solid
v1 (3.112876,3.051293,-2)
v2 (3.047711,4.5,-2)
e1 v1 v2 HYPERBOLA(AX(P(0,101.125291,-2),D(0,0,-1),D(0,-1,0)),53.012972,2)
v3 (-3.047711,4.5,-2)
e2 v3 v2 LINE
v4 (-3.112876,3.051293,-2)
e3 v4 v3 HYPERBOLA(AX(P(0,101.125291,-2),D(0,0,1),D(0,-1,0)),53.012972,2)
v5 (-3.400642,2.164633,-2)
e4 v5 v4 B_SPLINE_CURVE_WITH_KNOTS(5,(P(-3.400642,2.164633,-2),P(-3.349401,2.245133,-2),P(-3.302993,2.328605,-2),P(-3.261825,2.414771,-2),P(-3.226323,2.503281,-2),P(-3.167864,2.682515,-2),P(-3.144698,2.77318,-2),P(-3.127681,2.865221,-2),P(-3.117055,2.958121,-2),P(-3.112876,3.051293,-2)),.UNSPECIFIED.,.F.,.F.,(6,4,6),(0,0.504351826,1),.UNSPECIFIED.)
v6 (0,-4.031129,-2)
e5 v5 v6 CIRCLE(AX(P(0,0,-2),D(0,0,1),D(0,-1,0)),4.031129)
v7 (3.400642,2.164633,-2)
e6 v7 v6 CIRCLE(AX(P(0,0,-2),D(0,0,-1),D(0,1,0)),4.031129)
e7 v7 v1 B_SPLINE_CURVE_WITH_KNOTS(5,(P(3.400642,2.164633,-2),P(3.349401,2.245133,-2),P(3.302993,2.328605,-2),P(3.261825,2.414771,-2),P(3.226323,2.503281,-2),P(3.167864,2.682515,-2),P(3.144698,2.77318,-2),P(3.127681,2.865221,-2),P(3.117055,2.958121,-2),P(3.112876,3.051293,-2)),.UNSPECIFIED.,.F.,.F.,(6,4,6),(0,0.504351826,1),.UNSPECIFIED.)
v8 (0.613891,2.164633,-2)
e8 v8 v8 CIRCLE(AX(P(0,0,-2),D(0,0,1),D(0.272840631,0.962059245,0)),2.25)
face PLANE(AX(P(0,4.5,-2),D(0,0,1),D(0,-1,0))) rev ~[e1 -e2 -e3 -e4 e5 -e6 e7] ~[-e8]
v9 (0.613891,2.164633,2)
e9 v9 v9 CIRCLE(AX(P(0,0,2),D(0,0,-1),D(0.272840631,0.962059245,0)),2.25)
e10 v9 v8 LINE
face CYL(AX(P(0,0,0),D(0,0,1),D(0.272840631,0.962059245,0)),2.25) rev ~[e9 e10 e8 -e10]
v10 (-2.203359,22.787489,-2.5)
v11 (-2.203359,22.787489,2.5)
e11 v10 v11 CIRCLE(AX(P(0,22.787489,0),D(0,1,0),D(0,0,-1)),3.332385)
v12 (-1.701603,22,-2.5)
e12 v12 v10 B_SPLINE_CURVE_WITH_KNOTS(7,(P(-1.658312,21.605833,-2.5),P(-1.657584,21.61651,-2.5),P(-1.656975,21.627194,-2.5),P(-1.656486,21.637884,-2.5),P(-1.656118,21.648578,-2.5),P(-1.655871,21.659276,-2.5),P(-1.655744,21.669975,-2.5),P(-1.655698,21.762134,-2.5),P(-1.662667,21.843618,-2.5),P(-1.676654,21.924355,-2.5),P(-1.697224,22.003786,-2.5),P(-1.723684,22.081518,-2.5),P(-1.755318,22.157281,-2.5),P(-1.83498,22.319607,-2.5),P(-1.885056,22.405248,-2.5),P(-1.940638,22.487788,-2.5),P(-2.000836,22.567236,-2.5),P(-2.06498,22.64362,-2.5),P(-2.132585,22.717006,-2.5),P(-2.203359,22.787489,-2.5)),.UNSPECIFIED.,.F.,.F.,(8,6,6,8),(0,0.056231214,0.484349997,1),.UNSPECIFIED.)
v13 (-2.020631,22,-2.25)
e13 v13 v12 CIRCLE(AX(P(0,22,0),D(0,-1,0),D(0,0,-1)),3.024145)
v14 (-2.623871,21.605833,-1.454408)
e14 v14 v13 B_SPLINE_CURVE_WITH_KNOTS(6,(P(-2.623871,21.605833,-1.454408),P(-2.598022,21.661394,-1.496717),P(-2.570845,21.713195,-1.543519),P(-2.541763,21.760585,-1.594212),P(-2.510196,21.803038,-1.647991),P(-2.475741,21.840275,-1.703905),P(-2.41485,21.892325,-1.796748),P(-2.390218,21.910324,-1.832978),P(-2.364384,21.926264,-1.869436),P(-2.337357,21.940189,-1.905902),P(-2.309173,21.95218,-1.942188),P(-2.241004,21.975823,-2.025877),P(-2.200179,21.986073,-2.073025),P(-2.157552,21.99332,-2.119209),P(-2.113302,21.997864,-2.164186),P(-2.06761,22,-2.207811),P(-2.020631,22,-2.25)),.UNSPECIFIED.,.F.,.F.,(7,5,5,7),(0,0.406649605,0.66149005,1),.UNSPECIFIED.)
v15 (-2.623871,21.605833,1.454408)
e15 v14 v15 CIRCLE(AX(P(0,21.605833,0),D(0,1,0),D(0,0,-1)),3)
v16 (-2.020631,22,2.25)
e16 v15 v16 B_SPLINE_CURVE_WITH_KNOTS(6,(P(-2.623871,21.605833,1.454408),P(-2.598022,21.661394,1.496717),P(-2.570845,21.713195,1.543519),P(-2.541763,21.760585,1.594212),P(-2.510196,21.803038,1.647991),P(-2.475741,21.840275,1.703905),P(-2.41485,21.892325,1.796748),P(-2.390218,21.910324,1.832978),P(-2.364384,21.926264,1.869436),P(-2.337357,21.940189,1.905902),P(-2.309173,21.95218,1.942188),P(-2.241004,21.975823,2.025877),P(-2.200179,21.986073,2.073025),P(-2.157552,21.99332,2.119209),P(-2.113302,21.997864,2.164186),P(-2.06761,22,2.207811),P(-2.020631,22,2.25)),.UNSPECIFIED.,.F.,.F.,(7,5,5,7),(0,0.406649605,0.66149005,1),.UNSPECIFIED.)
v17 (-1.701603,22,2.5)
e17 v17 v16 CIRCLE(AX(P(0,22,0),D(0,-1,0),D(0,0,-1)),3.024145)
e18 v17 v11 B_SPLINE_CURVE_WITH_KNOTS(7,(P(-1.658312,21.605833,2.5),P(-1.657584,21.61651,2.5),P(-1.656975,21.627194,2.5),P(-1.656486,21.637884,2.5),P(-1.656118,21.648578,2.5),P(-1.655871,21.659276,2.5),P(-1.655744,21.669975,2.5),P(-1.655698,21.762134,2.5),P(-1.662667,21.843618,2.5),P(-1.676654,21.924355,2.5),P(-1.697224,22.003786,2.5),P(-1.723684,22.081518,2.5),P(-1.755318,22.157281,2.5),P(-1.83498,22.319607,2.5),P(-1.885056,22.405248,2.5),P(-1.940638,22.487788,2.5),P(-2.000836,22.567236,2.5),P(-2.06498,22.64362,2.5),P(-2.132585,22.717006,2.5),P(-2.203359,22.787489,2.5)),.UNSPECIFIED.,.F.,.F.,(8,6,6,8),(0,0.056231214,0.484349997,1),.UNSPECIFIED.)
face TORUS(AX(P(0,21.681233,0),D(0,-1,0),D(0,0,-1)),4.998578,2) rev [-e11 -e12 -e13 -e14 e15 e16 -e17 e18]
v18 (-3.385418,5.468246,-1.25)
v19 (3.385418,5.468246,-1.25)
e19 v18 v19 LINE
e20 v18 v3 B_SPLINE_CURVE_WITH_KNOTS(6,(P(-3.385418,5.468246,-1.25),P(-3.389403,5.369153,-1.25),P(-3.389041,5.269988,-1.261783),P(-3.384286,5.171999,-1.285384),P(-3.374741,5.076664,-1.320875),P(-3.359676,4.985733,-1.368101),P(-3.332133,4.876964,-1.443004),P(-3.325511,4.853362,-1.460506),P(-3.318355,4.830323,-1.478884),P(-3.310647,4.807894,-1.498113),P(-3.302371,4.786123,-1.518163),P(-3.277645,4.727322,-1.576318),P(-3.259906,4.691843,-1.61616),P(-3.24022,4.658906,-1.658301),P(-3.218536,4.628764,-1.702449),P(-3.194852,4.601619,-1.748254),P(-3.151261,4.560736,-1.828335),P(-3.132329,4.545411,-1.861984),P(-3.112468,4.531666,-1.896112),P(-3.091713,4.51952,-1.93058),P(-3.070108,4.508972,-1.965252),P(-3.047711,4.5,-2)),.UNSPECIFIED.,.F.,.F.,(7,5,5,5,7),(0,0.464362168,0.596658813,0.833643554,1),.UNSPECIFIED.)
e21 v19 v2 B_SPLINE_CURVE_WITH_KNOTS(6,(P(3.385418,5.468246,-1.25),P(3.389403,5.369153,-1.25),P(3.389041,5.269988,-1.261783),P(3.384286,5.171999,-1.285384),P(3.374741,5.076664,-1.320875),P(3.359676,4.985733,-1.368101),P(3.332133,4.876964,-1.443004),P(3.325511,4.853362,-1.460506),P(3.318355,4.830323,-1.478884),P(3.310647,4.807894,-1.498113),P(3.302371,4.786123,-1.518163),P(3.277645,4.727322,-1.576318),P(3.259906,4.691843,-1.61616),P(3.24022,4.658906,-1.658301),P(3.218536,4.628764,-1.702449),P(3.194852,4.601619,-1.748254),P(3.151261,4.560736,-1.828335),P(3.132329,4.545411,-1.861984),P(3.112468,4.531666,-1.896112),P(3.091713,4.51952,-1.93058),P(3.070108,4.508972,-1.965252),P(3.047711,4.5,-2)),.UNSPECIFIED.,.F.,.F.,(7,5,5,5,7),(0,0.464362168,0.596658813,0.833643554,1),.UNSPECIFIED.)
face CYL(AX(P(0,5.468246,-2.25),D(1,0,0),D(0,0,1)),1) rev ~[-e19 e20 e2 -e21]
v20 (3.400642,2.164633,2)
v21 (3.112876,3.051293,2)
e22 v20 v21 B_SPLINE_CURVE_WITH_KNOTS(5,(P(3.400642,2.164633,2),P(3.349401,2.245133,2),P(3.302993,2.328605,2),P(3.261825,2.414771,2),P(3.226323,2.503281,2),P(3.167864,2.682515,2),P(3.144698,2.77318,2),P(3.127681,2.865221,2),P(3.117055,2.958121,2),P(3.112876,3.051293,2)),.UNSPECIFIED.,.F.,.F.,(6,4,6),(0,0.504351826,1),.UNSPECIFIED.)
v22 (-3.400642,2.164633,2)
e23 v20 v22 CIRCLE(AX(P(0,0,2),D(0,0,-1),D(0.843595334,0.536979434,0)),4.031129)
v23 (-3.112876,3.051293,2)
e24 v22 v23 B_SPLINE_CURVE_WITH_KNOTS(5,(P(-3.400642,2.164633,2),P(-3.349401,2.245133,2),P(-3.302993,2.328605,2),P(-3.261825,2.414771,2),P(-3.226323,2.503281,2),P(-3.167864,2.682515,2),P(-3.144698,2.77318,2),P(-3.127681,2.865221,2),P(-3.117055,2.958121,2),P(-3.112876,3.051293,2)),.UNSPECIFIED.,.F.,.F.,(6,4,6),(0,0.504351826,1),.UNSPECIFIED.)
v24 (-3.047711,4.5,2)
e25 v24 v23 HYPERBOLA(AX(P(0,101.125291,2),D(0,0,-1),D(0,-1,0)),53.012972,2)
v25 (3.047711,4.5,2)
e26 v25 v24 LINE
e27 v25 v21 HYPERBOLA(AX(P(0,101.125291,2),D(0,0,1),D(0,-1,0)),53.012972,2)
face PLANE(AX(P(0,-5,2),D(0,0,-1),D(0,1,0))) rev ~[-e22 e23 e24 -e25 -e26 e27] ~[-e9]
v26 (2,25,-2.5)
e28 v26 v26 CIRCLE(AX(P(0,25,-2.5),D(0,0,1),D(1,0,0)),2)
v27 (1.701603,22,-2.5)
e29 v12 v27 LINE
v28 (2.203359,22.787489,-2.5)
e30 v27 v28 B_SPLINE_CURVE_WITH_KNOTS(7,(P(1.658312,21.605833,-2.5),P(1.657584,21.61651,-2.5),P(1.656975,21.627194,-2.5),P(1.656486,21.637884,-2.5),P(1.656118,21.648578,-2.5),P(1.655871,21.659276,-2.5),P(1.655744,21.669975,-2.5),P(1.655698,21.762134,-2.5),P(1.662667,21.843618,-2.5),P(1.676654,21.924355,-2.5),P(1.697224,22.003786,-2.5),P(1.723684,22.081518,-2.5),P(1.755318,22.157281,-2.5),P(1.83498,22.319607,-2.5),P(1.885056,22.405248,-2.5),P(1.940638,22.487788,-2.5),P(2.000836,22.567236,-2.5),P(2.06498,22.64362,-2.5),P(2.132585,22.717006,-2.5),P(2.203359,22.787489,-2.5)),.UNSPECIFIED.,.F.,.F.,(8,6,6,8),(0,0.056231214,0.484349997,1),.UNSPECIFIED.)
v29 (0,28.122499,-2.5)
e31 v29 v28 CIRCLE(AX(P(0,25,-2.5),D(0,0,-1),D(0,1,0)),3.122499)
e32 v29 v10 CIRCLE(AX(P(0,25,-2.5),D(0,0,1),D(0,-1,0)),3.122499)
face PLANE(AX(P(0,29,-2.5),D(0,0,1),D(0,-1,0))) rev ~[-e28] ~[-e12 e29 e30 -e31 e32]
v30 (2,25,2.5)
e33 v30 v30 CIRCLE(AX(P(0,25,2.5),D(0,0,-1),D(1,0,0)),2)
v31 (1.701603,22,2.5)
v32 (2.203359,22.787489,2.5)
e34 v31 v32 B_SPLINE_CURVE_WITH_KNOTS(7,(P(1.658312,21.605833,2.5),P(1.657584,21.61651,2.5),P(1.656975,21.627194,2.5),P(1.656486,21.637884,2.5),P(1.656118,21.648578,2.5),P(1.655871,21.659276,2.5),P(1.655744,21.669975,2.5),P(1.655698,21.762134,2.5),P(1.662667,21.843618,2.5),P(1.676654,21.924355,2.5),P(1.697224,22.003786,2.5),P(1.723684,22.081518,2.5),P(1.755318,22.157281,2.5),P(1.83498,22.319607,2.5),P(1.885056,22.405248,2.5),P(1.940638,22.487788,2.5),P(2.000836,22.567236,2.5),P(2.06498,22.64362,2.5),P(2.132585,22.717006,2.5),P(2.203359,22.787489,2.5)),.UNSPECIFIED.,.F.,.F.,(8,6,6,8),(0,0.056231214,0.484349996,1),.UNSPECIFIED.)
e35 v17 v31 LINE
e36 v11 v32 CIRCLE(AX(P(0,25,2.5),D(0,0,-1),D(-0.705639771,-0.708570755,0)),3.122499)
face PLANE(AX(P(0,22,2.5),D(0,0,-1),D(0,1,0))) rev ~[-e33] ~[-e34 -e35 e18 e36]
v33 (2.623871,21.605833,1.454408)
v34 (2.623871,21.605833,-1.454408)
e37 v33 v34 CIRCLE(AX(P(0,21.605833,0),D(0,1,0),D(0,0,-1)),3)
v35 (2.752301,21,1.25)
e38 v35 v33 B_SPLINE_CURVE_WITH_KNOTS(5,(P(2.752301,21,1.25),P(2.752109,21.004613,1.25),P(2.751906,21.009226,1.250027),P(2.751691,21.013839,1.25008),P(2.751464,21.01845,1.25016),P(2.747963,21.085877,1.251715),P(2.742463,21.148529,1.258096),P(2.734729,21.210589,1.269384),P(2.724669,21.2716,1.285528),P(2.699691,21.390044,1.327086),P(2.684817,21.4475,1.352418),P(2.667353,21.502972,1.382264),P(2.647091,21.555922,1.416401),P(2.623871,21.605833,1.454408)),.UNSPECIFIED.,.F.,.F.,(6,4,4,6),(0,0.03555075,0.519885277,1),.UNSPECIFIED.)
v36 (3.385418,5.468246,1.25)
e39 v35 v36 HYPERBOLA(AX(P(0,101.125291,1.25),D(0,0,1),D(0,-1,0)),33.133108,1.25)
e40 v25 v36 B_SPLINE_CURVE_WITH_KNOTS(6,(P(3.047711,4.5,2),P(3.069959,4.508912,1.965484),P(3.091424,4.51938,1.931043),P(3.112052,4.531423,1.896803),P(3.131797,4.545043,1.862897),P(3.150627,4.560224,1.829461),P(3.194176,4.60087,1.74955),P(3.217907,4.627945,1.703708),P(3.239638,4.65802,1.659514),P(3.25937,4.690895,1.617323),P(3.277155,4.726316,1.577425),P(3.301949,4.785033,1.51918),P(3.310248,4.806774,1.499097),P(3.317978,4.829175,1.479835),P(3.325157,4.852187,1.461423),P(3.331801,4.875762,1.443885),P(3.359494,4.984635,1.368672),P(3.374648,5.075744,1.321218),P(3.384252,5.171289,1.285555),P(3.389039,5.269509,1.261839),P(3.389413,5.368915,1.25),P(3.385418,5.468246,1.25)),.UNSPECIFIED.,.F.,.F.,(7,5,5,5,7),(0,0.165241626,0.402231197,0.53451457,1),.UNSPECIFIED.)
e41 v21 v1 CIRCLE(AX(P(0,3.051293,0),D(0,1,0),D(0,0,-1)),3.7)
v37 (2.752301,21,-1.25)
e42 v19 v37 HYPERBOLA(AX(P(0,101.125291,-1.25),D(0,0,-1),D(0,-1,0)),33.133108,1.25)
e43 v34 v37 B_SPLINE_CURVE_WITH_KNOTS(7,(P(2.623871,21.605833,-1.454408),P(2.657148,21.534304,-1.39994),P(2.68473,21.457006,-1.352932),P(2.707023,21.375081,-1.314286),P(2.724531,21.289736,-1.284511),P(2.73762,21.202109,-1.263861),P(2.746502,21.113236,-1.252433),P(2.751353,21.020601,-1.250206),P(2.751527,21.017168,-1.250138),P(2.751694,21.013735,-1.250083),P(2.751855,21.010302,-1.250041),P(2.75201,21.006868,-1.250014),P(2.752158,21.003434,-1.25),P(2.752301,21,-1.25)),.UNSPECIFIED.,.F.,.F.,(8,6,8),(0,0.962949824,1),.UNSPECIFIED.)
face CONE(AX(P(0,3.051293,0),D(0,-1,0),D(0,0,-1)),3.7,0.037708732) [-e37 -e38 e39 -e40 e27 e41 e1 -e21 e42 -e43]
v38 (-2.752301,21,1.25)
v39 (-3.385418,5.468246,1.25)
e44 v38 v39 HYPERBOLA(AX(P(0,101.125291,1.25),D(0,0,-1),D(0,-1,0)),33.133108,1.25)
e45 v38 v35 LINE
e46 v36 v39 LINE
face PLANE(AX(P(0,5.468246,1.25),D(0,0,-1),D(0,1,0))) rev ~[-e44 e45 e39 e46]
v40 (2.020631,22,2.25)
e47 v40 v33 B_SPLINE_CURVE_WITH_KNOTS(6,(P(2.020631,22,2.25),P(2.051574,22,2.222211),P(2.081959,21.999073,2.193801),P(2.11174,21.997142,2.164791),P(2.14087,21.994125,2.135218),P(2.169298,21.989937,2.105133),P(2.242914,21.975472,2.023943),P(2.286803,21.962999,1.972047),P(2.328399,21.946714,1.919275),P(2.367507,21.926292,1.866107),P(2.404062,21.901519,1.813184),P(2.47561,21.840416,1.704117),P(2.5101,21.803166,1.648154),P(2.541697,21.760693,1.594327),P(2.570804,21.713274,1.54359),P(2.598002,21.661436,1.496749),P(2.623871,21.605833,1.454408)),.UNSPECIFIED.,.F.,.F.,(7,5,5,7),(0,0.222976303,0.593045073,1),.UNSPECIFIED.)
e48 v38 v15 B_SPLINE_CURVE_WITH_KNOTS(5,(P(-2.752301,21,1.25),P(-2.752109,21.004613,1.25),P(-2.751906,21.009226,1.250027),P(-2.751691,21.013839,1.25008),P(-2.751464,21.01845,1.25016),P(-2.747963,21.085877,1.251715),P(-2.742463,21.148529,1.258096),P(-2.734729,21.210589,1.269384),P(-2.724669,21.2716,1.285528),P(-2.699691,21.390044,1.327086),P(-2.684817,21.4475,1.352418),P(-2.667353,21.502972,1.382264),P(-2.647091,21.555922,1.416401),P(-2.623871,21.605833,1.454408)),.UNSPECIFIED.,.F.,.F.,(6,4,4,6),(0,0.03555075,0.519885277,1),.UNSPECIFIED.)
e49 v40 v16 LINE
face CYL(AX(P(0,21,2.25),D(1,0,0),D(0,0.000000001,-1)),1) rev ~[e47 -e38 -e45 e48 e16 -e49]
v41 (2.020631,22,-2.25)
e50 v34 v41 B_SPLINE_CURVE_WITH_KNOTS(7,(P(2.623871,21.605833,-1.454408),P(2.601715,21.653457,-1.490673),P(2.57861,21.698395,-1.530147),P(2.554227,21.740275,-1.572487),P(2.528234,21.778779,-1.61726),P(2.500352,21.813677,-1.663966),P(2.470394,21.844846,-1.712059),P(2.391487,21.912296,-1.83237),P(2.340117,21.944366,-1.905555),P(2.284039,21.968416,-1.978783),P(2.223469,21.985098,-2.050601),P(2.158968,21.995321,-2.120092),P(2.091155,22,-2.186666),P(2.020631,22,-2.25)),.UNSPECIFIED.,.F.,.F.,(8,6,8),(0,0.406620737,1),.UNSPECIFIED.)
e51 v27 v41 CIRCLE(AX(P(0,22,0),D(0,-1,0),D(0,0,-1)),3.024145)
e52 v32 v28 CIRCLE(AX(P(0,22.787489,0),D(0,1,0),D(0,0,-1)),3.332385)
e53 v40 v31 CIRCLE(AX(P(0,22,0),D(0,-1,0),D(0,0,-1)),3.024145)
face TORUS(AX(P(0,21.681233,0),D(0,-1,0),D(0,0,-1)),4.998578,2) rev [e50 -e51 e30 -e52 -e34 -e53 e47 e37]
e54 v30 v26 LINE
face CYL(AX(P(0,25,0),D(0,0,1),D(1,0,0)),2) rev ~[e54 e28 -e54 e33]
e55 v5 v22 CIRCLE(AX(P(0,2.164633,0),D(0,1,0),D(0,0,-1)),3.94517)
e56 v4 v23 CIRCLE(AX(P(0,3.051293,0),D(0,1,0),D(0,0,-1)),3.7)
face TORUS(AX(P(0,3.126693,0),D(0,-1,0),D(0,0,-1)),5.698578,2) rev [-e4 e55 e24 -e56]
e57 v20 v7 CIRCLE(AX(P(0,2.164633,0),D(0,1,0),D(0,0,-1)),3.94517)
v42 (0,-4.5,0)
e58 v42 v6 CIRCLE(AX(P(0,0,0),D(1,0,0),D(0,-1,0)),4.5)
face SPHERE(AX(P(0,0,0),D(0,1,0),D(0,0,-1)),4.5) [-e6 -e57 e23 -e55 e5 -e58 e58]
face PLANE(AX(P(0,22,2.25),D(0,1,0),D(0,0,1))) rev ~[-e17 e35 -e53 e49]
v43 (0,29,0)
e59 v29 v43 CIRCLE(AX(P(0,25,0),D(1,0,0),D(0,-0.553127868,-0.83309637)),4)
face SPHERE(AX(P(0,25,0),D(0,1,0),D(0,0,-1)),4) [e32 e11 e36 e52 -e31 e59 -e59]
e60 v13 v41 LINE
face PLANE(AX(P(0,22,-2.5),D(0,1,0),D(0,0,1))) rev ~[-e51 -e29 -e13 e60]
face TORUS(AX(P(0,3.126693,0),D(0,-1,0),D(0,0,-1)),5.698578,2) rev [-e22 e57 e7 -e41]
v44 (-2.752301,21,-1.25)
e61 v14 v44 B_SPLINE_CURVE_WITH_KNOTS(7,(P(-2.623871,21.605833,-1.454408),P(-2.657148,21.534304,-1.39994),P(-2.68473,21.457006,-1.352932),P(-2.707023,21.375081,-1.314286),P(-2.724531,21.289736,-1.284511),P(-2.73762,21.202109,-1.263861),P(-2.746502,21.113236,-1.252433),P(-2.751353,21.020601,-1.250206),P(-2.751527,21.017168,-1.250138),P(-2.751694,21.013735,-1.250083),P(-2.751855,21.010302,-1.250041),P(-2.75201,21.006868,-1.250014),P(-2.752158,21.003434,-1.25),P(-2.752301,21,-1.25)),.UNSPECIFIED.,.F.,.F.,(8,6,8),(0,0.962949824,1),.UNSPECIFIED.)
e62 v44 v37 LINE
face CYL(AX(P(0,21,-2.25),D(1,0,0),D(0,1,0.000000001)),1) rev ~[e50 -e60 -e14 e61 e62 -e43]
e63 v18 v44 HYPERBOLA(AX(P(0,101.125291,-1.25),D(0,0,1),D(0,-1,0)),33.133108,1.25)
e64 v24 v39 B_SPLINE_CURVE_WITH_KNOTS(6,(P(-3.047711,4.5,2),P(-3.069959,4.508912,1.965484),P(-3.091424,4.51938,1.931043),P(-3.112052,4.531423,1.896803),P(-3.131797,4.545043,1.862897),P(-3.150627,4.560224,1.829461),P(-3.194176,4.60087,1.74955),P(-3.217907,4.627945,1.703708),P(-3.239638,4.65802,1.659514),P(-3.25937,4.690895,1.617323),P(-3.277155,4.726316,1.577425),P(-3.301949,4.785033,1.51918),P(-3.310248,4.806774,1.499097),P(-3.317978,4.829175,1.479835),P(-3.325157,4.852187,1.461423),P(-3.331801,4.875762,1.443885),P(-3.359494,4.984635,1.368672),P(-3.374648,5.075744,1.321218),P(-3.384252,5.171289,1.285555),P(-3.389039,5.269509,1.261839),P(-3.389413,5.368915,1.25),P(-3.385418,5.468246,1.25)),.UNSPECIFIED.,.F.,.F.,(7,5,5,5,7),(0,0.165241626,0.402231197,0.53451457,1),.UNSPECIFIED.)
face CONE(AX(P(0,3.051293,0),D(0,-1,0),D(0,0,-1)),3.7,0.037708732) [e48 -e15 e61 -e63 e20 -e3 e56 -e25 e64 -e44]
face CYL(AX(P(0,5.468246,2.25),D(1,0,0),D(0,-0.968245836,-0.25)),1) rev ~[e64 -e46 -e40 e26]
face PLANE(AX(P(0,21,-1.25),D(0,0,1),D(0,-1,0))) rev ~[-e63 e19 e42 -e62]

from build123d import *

# Parameters (mm, degrees)
SKETCH2_R               = 2
SKETCH2_R_2             = 2.25
CUT_EXTRUDE1_DEPTH      = 5.5
CUT_EXTRUDE1_DEPTH_BACK = 5.5
SKETCH3_OUTSIDE_W       = 16.912
SKETCH3_OUTSIDE_H       = 42.61
CUT_EXTRUDE2_DEPTH      = 5.5
CUT_EXTRUDE2_DEPTH_BACK = 5.5


with BuildPart() as part:
    # Sketch1 → Revolve1 (revolve)
    with BuildSketch(Plane.XY, mode=Mode.PRIVATE) as revolve1_sk:
        with BuildLine():
            Line((0, 29), (0, -4.5))
            ThreePointArc((0, -4.5), (3.872392662, -2.292285993), (3.945169537, 2.1646333))
            ThreePointArc((3.945169537, 2.1646333), (3.770913113, 2.59367544), (3.7, 3.051292953))
            Line((3.7, 3.051292953), (3, 21.605833201))
            ThreePointArc((3, 21.605833201), (3.073295416, 22.222791768), (3.33238548, 22.787488528))
            ThreePointArc((3.33238548, 22.787488528), (3.524914601, 26.890760973), (0, 29))
        make_face()
    revolve(revolve1_sk.sketch.rotate(Axis((0, 0, 0), (0, 1, 0)), 90), axis=Axis((0, 0, 0), (0, 1, 0)))  # turned: the seam where the file's is

    # Sketch2 → Cut-Extrude1 (cut, two sides)
    with BuildSketch(Plane.XY) as cut_extrude1_sk:
        with Locations((0, 25)):
            Circle(SKETCH2_R)
        with Locations(Location((0, 0, 0), (0, 0, 74.166628888))):  # turned: the seam where the file's is
            Circle(SKETCH2_R_2)
    extrude(amount=CUT_EXTRUDE1_DEPTH, mode=Mode.SUBTRACT)
    extrude(cut_extrude1_sk.sketch, amount=-CUT_EXTRUDE1_DEPTH_BACK, mode=Mode.SUBTRACT)

    # Sketch3 outside → Cut-Extrude2 (cut, two sides)
    with BuildSketch(Plane(origin=(0, 0, 0), x_dir=(0, 0, -1), z_dir=(1, 0, 0))) as cut_extrude2_sk:
        with Locations((0, 12.25)):
            Rectangle(SKETCH3_OUTSIDE_W, SKETCH3_OUTSIDE_H)
        with BuildLine():
            Line((-2.5, 29), (2.5, 29))
            Line((2.5, 29), (2.5, 22))
            Line((2.5, 22), (2.25, 22))
            ThreePointArc((2.25, 22), (1.542893219, 21.707106781), (1.25, 21))
            Line((1.25, 21), (1.25, 5.468245837))
            ThreePointArc((1.25, 5.468245837), (1.459430585, 4.855873401), (2, 4.5))
            Line((2, 4.5), (2, -5))
            Line((2, -5), (-2, -5))
            Line((-2, -5), (-2, 4.5))
            ThreePointArc((-2, 4.5), (-1.459430585, 4.855873401), (-1.25, 5.468245837))
            Line((-1.25, 5.468245837), (-1.25, 21))
            ThreePointArc((-1.25, 21), (-1.542893219, 21.707106781), (-2.25, 22))
            Line((-2.25, 22), (-2.5, 22))
            Line((-2.5, 22), (-2.5, 29))
        make_face(mode=Mode.SUBTRACT)
    extrude(amount=CUT_EXTRUDE2_DEPTH, mode=Mode.SUBTRACT)
    extrude(cut_extrude2_sk.sketch, amount=-CUT_EXTRUDE2_DEPTH_BACK, mode=Mode.SUBTRACT)


solid = part.part
